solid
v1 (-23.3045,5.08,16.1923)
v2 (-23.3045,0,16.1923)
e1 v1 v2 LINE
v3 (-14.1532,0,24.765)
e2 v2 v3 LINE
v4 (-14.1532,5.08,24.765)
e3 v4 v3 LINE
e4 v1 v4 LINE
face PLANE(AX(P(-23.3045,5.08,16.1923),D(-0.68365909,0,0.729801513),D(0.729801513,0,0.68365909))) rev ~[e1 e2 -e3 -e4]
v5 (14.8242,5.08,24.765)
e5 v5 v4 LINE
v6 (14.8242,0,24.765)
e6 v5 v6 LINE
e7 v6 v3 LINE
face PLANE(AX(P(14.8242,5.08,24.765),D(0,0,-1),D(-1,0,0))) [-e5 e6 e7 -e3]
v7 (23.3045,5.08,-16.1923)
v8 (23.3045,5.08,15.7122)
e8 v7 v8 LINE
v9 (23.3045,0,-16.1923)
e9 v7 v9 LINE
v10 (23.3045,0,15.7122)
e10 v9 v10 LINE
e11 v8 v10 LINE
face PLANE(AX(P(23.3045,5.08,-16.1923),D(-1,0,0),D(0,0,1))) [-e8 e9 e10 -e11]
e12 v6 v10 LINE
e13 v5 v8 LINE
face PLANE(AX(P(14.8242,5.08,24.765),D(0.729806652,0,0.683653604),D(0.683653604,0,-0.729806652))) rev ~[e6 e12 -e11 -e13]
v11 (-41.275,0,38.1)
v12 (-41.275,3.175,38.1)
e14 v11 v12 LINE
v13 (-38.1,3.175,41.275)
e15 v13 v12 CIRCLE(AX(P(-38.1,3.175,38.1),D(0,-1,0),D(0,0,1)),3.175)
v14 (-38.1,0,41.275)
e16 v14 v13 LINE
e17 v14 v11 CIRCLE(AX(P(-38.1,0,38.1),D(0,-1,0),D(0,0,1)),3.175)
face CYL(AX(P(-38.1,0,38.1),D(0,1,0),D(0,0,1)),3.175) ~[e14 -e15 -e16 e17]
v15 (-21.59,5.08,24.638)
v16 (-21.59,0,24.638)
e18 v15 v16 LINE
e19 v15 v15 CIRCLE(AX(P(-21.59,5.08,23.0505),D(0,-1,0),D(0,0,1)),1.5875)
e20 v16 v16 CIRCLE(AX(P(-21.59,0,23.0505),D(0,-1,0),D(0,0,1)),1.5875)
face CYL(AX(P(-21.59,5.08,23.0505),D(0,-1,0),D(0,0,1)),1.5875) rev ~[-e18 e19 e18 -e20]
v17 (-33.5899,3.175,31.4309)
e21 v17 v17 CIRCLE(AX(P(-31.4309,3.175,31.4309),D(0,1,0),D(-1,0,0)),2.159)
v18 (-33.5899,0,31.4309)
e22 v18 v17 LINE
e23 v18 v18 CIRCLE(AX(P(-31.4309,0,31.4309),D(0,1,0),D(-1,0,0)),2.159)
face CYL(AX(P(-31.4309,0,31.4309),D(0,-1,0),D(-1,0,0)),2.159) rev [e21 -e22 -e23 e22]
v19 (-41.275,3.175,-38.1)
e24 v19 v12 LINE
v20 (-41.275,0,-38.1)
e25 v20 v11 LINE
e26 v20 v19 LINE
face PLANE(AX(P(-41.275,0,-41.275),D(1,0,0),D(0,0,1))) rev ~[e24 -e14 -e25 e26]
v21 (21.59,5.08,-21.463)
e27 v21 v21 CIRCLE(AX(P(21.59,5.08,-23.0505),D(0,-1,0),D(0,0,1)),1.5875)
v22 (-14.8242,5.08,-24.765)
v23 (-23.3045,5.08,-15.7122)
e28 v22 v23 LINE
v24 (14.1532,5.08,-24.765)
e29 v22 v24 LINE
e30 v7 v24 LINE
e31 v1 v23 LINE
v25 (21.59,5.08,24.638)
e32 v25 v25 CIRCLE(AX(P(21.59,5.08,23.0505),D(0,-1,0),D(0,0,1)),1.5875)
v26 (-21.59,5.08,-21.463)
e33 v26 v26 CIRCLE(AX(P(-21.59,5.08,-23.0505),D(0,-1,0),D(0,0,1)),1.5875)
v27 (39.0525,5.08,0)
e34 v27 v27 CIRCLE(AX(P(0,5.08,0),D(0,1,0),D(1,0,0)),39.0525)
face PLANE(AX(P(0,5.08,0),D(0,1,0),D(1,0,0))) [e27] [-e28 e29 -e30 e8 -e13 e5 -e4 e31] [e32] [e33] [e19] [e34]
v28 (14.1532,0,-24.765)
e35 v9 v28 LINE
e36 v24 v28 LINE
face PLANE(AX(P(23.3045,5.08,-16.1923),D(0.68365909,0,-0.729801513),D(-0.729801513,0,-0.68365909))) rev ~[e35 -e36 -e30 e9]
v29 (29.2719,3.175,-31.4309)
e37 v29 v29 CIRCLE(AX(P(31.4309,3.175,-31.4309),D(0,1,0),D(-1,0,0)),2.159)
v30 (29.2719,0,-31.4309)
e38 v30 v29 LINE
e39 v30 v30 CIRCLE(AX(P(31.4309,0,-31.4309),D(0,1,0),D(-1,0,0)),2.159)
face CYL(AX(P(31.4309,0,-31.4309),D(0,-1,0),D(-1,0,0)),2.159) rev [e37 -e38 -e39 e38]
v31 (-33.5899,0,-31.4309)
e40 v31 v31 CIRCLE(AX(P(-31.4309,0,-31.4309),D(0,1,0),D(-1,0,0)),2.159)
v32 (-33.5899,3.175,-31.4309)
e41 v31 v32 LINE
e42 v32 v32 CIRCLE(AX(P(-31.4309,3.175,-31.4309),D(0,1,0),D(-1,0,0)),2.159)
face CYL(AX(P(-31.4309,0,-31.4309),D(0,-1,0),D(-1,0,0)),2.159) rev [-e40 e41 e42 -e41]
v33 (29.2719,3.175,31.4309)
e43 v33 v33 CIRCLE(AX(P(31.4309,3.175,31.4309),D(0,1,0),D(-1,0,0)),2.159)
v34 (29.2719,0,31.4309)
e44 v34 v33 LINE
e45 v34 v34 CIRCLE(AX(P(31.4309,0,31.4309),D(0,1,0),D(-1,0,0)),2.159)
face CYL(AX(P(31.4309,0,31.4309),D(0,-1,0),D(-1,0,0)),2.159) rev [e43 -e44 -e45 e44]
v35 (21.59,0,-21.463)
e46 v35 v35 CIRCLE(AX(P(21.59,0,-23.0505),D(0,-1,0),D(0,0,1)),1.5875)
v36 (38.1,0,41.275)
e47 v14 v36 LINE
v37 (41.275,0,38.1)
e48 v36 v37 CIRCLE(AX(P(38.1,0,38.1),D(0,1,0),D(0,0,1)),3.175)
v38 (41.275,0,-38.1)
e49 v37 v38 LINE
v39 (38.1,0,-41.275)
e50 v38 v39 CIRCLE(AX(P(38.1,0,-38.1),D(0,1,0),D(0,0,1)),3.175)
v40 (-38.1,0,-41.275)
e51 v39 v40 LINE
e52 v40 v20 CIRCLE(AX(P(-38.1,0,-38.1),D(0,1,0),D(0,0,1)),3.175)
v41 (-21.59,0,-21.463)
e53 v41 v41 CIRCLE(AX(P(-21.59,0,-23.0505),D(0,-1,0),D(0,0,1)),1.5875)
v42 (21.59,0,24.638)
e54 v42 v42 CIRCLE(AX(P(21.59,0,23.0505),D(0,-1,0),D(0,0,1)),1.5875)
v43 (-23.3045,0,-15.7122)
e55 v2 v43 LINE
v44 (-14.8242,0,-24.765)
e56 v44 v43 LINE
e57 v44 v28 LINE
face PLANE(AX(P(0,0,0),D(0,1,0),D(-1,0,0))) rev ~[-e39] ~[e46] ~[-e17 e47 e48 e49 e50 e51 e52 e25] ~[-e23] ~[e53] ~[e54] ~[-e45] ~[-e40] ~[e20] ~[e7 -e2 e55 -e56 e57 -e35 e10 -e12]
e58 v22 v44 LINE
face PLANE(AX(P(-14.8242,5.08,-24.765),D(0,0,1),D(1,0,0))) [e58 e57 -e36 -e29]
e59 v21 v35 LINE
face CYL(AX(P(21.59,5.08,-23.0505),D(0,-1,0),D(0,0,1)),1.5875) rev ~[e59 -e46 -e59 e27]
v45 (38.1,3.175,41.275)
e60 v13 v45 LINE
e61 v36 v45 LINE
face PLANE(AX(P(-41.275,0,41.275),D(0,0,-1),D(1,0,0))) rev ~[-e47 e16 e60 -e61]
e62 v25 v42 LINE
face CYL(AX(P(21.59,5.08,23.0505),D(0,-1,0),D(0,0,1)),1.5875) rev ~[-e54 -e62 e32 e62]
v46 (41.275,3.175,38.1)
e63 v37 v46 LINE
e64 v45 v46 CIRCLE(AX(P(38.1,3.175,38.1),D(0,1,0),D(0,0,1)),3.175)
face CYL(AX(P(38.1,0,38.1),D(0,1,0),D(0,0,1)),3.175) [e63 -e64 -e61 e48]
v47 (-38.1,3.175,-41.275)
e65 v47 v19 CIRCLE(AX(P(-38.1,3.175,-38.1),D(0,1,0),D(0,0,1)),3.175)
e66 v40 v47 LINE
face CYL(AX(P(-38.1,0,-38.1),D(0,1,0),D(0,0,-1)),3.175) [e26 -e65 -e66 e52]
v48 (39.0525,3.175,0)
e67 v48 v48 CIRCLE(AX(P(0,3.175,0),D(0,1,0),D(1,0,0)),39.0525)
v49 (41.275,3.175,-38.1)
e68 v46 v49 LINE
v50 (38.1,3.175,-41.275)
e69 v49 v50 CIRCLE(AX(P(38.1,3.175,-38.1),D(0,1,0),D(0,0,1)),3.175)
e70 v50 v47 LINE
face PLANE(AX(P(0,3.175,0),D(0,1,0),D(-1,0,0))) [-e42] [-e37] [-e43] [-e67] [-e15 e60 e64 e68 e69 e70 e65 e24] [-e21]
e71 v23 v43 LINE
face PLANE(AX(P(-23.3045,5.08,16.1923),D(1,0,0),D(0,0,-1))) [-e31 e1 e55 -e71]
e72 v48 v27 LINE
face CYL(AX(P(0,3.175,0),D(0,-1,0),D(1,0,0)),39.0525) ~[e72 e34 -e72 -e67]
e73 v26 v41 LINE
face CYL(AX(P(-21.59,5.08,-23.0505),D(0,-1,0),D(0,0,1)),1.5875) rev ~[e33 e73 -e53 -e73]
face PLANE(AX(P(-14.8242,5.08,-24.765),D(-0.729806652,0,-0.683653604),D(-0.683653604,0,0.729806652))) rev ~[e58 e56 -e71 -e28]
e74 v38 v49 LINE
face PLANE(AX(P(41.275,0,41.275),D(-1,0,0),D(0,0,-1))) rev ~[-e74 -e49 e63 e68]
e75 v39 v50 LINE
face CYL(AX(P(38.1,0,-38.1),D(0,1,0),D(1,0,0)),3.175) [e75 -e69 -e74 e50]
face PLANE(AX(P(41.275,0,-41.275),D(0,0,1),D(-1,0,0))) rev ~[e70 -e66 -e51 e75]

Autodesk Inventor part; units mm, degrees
ref_plane "YZ Plane" through (0, 0, 0) normal (1, 0, 0) x (0, 1, 0)
ref_plane "XZ Plane" through (0, 0, 0) normal (0, 1, 0) x (-1, 0, 0)
ref_plane "XY Plane" through (0, 0, 0) normal (0, 0, 1) x (1, 0, 0)
sketch "Sketch1" plane through (0, 0, 0) normal (0, 1, 0) x (-1, 0, 0)
  line L0 (41.275, 41.275) -> (-41.275, 41.275)
  line L1 (-41.275, 41.275) -> (-41.275, -41.275)
  line L2 (-41.275, -41.275) -> (41.275, -41.275)
  line L3 (41.275, -41.275) -> (41.275, 41.275)
  circle A0 centre (0, 0) radius 44.45 construction
  circle A1 centre (0, 0) radius 39.6875
  line L4 (-41.275, 41.275) -> (41.275, -41.275) construction
  line L5 (41.275, 41.275) -> (-41.275, -41.275) construction
  circle A2 centre (31.4309, 31.4309) radius 2.159
  circle A3 centre (31.4309, -31.4309) radius 2.159
  circle A4 centre (-31.4309, 31.4309) radius 2.159
  circle A5 centre (-31.4309, -31.4309) radius 2.159
  point P0 (0, 0)
  point P1 (0, 0)
  point P2 (0, 0)
  dimension "d0" = 82.55
  dimension "d1" = 82.55
  dimension "d2" = 88.9
  dimension "d3" = 79.375
  dimension "d4" = 4.318
  dimension "d5" = 4.318
  dimension "d6" = 4.318
  dimension "d7" = 4.318
extrude "Extrusion1" add sketch "Sketch1" along normal blind 3.175 contours L3 L2 L1 L0 | A1
sketch "Sketch2" plane through (0, 3.175, 0) normal (0, 1, 0) x (1, 0, 0)
  circle A0 centre (0, 0) radius 39.0525
  circle A1 centre (0, 0) radius 39.6875 construction
  point P0 (0, 0)
  dimension "d10" = 78.105
  dimension "d17" = 79.375
extrude "Extrusion2" add sketch "Sketch2" along normal blind 1.905
fillet "Fillet1" radius 3.175 1 edges at (41.275, 1.5875, 41.275)
fillet "Fillet2" radius 3.175 1 edges at (-41.275, 1.5875, 41.275)
fillet "Fillet3" radius 3.175 1 edges at (41.275, 1.5875, -41.275)
fillet "Fillet4" radius 3.175 1 edges at (-41.275, 1.5875, -41.275)
sketch "Sketch3" plane through (0, 5.08, 0) normal (0, 1, 0) x (1, 0, 0)
  line L0 (0, 24.765) -> (0, -24.765) construction
  line L1 (-23.3045, 0) -> (23.3045, 0) construction
  line L2 (-21.59, -23.0505) -> (21.59, -23.0505) construction
  line L3 (21.59, -23.0505) -> (21.59, 23.0505) construction
  line L4 (21.59, 23.0505) -> (-21.59, 23.0505) construction
  line L5 (-21.59, 23.0505) -> (-21.59, -23.0505) construction
  line L6 (-21.59, -23.0505) -> (21.59, 23.0505) construction
  line L7 (21.59, -23.0505) -> (-21.59, 23.0505) construction
  line L8 (-27.7495, -27.7495) -> (27.7495, 27.7495) construction
  line L9 (27.7495, -27.7495) -> (-27.7495, 27.7495) construction
  line L10 (-14.8242, 24.765) -> (14.1532, 24.765)
  line L11 (-14.8242, 24.765) -> (-23.3045, 15.7122)
  line L12 (23.3045, 16.1923) -> (23.3045, -15.7122)
  line L13 (23.3045, 16.1923) -> (14.1532, 24.765)
  line L14 (14.8242, -24.765) -> (-14.1532, -24.765)
  line L15 (14.8242, -24.765) -> (23.3045, -15.7122)
  line L16 (-23.3045, -16.1923) -> (-23.3045, 15.7122)
  line L17 (-23.3045, -16.1923) -> (-14.1532, -24.765)
  point P0 (0, 0)
  point P1 (0, 0)
  dimension "d20" = 43.18
  dimension "d21" = 46.101
extrude "Extrusion3" cut sketch "Sketch3" against normal through all
hole "Hole1" at (-21.59, 5.08, -23.0505) at (21.59, 5.08, 23.0505) at (21.59, 5.08, -23.0505) at (-21.59, 5.08, 23.0505) direction (0, -1, 0) diameter 3.175 end through all
properties part number "ka51a-instrument-mount"
